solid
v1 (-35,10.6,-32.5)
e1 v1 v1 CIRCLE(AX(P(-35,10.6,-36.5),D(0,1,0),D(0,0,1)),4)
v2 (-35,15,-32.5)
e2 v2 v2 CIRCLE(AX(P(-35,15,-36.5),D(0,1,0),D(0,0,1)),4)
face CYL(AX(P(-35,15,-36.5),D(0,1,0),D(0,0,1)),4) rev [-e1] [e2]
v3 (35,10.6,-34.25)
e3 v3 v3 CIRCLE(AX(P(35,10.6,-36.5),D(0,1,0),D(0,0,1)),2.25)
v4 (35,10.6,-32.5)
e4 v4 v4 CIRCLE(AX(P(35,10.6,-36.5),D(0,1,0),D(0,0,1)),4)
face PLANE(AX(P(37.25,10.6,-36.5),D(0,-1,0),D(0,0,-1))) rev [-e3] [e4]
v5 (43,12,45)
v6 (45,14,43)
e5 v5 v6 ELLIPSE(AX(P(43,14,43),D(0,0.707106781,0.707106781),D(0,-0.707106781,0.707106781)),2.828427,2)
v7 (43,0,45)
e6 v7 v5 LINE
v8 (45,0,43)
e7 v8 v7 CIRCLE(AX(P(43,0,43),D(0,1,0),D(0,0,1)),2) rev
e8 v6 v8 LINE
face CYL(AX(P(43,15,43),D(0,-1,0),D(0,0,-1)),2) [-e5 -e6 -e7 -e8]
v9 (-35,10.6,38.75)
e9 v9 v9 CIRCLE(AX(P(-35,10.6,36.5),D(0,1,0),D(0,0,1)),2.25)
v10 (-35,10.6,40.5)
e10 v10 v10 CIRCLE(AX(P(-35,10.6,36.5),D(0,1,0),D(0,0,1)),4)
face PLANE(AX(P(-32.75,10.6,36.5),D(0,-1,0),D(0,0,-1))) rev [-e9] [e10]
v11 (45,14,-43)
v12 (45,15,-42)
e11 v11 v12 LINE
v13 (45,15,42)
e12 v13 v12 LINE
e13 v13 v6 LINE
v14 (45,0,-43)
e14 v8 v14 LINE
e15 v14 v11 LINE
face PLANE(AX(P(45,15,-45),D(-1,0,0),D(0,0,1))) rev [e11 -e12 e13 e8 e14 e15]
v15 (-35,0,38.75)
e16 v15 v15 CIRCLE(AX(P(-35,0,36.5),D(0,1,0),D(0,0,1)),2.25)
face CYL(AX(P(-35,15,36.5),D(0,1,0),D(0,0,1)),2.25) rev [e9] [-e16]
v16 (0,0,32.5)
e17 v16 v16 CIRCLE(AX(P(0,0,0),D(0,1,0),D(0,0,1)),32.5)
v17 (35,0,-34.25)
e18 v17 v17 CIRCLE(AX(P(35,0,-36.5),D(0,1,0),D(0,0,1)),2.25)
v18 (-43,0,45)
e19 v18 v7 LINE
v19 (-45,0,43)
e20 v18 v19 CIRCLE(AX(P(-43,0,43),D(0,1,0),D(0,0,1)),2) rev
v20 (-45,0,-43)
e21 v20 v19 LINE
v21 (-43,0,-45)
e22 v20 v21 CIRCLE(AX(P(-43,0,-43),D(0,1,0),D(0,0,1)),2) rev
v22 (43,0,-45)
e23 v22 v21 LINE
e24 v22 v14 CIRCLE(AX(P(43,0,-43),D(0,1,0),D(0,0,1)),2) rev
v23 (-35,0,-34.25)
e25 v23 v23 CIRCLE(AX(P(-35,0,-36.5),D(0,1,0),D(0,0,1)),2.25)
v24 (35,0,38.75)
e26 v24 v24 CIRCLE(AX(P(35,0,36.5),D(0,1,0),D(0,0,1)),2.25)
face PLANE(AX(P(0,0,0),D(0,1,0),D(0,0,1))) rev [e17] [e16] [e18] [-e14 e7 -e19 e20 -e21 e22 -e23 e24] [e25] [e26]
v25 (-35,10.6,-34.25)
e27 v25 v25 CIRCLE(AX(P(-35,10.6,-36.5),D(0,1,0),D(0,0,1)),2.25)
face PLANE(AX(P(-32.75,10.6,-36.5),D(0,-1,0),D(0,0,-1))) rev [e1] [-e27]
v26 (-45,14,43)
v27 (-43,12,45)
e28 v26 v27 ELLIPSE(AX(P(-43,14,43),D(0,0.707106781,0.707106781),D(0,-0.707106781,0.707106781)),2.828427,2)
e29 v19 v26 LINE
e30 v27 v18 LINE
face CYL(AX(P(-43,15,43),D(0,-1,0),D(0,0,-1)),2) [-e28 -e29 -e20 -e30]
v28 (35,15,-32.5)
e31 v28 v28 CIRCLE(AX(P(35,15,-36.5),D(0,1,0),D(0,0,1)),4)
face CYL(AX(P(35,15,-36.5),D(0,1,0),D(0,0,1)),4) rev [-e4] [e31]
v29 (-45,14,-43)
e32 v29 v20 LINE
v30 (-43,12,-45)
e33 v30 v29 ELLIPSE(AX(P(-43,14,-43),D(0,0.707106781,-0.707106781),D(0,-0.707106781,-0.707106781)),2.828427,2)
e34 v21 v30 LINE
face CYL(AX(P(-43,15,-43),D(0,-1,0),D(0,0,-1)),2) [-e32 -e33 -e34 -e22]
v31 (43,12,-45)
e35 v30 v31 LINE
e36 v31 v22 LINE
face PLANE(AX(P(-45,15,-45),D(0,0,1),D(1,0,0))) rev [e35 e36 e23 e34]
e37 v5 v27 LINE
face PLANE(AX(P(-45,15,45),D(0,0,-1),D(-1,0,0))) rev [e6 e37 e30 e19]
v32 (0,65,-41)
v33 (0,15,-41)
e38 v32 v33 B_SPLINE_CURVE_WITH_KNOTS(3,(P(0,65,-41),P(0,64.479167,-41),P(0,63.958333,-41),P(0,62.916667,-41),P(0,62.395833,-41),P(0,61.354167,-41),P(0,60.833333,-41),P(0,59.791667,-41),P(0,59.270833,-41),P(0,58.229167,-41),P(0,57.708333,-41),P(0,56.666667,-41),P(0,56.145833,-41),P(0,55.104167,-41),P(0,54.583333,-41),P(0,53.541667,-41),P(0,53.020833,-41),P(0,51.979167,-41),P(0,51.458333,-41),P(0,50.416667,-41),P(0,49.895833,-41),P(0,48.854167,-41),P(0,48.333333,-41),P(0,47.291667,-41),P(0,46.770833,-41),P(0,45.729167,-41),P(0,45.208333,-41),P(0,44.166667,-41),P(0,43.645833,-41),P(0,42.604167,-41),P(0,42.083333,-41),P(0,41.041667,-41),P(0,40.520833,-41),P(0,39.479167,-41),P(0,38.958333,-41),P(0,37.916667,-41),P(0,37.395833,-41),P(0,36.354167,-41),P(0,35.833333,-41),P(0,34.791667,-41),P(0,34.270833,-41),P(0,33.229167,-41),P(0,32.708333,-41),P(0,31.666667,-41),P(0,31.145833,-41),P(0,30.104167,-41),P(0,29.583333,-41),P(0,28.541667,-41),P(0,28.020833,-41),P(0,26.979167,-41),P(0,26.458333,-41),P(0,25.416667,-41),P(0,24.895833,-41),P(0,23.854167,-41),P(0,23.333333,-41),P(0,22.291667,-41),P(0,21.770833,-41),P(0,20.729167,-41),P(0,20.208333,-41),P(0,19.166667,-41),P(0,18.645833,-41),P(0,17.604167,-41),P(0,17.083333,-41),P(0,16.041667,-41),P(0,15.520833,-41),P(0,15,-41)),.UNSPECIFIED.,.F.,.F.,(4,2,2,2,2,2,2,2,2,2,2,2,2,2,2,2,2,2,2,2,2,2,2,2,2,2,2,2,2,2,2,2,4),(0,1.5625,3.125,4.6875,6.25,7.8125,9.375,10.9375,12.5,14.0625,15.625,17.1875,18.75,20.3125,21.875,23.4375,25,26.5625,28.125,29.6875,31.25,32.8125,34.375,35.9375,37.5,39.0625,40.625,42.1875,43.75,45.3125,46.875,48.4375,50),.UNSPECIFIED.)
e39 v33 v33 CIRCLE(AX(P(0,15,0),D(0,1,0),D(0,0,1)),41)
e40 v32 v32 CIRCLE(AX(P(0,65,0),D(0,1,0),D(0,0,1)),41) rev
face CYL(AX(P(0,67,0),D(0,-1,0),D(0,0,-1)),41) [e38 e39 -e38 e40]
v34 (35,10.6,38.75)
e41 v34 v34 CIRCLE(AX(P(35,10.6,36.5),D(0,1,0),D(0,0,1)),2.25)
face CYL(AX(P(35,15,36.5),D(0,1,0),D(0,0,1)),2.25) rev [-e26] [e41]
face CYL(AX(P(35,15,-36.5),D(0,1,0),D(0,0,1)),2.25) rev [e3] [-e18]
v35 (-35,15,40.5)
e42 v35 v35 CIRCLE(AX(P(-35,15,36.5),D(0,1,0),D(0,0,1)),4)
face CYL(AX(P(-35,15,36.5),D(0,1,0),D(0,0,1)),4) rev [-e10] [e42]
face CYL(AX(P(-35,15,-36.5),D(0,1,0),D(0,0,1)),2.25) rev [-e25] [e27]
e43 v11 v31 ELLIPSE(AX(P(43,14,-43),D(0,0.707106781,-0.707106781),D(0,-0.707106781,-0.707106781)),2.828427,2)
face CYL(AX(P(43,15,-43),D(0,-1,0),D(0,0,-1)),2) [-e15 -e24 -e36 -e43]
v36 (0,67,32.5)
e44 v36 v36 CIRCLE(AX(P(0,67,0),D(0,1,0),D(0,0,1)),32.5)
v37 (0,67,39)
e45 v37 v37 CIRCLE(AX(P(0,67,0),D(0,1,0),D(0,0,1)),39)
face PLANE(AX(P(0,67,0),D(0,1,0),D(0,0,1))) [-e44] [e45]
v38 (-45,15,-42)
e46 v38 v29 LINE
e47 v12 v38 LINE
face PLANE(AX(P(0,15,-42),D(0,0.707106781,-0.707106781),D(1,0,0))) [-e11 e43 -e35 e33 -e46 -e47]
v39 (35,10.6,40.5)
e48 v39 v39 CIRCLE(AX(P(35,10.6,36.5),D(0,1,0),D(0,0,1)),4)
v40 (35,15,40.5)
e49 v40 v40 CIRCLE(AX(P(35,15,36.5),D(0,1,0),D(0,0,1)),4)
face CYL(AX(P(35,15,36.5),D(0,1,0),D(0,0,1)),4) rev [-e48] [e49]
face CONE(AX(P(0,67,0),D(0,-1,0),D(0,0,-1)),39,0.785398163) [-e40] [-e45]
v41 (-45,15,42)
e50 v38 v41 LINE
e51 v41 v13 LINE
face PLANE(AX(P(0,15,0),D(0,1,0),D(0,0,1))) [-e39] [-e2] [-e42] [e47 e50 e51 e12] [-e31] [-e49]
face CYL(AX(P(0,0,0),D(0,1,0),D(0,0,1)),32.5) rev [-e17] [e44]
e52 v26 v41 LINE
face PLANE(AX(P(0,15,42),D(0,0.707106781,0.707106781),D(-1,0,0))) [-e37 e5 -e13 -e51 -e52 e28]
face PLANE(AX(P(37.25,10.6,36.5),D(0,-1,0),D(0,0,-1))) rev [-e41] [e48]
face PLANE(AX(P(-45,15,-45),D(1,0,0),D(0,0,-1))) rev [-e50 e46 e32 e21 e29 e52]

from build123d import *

# Parameters (mm, degrees)
ESQUISSE1_W                                        = 90
ESQUISSE1_H                                        = 90
BOSS_EXTRU_1_DEPTH                                 = 15
ESQUISSE2_R                                        = 41
BOSS_EXTRU_2_DEPTH                                 = 52
CHANFREIN1_SIZE                                    = 3
CONG_1_R                                           = 2
CHANFREIN2_SIZE                                    = 2
CHAMBRAGE_POUR_VIS_T_TE_HEXAGONALE_M41_D           = 4.5
CHAMBRAGE_POUR_VIS_T_TE_HEXAGONALE_M41_CBORE_D     = 8
CHAMBRAGE_POUR_VIS_T_TE_HEXAGONALE_M41_CBORE_DEPTH = 4.4
ESQUISSE6_R                                        = 32.5
ENL_V_MAT_EXTRU_1_DEPTH                            = 93.406709713


with BuildPart() as part:
    # Esquisse1 → Boss.-Extru.1 (new body)
    with BuildSketch(Plane(origin=(0, 0, 0), x_dir=(1, 0, 0), z_dir=(0, 1, 0))):
        Rectangle(ESQUISSE1_W, ESQUISSE1_H)
    extrude(amount=BOSS_EXTRU_1_DEPTH)

    # Esquisse2 → Boss.-Extru.2 (add)
    with BuildSketch(Plane(origin=(0, 15, 0), x_dir=(1, 0, 0), z_dir=(0, 1, 0))):
        with Locations(Location((0, 0, 0), (0, 0, 90))):
            Circle(ESQUISSE2_R)
    extrude(amount=BOSS_EXTRU_2_DEPTH)

    # Chanfrein1
    chanfrein1_edges = [part.edges().sort_by_distance(p)[0] for p in [
        (0, 15, -45),
        (0, 15, 45),
    ]]
    chamfer(chanfrein1_edges, length=CHANFREIN1_SIZE)

    # Congé1
    cong_1_edges = [part.edges().sort_by_distance(p)[0] for p in [
        (-45, 6, 45),
        (-45, 6, -45),
        (45, 6, -45),
        (45, 6, 45),
    ]]
    fillet(cong_1_edges, radius=CONG_1_R)

    # Chanfrein2
    chanfrein2_edges = [part.edges().sort_by_distance(p)[0] for p in [
        (0, 67, 41),
    ]]
    chamfer(chanfrein2_edges, length=CHANFREIN2_SIZE)

    # Chambrage pour vis à tête hexagonale M41 (through all)
    with Locations(Plane(origin=(0, 15, 0), x_dir=(1, 0, 0), z_dir=(0, 1, 0))):
        with Locations((-35, 36.5), (35, 36.5), (-35, -36.5), (35, -36.5)):
            CounterBoreHole(CHAMBRAGE_POUR_VIS_T_TE_HEXAGONALE_M41_D / 2, CHAMBRAGE_POUR_VIS_T_TE_HEXAGONALE_M41_CBORE_D / 2, CHAMBRAGE_POUR_VIS_T_TE_HEXAGONALE_M41_CBORE_DEPTH)

    # Esquisse6 → Enlèv. mat.-Extru.1 (cut, through all)
    with BuildSketch(Plane(origin=(0, 67, 0), x_dir=(1, 0, 0), z_dir=(0, 1, 0))):
        with Locations(Location((0, 0, 0), (0, 0, 270))):
            Circle(ESQUISSE6_R)
    extrude(amount=-ENL_V_MAT_EXTRU_1_DEPTH, mode=Mode.SUBTRACT)


solid = part.part
